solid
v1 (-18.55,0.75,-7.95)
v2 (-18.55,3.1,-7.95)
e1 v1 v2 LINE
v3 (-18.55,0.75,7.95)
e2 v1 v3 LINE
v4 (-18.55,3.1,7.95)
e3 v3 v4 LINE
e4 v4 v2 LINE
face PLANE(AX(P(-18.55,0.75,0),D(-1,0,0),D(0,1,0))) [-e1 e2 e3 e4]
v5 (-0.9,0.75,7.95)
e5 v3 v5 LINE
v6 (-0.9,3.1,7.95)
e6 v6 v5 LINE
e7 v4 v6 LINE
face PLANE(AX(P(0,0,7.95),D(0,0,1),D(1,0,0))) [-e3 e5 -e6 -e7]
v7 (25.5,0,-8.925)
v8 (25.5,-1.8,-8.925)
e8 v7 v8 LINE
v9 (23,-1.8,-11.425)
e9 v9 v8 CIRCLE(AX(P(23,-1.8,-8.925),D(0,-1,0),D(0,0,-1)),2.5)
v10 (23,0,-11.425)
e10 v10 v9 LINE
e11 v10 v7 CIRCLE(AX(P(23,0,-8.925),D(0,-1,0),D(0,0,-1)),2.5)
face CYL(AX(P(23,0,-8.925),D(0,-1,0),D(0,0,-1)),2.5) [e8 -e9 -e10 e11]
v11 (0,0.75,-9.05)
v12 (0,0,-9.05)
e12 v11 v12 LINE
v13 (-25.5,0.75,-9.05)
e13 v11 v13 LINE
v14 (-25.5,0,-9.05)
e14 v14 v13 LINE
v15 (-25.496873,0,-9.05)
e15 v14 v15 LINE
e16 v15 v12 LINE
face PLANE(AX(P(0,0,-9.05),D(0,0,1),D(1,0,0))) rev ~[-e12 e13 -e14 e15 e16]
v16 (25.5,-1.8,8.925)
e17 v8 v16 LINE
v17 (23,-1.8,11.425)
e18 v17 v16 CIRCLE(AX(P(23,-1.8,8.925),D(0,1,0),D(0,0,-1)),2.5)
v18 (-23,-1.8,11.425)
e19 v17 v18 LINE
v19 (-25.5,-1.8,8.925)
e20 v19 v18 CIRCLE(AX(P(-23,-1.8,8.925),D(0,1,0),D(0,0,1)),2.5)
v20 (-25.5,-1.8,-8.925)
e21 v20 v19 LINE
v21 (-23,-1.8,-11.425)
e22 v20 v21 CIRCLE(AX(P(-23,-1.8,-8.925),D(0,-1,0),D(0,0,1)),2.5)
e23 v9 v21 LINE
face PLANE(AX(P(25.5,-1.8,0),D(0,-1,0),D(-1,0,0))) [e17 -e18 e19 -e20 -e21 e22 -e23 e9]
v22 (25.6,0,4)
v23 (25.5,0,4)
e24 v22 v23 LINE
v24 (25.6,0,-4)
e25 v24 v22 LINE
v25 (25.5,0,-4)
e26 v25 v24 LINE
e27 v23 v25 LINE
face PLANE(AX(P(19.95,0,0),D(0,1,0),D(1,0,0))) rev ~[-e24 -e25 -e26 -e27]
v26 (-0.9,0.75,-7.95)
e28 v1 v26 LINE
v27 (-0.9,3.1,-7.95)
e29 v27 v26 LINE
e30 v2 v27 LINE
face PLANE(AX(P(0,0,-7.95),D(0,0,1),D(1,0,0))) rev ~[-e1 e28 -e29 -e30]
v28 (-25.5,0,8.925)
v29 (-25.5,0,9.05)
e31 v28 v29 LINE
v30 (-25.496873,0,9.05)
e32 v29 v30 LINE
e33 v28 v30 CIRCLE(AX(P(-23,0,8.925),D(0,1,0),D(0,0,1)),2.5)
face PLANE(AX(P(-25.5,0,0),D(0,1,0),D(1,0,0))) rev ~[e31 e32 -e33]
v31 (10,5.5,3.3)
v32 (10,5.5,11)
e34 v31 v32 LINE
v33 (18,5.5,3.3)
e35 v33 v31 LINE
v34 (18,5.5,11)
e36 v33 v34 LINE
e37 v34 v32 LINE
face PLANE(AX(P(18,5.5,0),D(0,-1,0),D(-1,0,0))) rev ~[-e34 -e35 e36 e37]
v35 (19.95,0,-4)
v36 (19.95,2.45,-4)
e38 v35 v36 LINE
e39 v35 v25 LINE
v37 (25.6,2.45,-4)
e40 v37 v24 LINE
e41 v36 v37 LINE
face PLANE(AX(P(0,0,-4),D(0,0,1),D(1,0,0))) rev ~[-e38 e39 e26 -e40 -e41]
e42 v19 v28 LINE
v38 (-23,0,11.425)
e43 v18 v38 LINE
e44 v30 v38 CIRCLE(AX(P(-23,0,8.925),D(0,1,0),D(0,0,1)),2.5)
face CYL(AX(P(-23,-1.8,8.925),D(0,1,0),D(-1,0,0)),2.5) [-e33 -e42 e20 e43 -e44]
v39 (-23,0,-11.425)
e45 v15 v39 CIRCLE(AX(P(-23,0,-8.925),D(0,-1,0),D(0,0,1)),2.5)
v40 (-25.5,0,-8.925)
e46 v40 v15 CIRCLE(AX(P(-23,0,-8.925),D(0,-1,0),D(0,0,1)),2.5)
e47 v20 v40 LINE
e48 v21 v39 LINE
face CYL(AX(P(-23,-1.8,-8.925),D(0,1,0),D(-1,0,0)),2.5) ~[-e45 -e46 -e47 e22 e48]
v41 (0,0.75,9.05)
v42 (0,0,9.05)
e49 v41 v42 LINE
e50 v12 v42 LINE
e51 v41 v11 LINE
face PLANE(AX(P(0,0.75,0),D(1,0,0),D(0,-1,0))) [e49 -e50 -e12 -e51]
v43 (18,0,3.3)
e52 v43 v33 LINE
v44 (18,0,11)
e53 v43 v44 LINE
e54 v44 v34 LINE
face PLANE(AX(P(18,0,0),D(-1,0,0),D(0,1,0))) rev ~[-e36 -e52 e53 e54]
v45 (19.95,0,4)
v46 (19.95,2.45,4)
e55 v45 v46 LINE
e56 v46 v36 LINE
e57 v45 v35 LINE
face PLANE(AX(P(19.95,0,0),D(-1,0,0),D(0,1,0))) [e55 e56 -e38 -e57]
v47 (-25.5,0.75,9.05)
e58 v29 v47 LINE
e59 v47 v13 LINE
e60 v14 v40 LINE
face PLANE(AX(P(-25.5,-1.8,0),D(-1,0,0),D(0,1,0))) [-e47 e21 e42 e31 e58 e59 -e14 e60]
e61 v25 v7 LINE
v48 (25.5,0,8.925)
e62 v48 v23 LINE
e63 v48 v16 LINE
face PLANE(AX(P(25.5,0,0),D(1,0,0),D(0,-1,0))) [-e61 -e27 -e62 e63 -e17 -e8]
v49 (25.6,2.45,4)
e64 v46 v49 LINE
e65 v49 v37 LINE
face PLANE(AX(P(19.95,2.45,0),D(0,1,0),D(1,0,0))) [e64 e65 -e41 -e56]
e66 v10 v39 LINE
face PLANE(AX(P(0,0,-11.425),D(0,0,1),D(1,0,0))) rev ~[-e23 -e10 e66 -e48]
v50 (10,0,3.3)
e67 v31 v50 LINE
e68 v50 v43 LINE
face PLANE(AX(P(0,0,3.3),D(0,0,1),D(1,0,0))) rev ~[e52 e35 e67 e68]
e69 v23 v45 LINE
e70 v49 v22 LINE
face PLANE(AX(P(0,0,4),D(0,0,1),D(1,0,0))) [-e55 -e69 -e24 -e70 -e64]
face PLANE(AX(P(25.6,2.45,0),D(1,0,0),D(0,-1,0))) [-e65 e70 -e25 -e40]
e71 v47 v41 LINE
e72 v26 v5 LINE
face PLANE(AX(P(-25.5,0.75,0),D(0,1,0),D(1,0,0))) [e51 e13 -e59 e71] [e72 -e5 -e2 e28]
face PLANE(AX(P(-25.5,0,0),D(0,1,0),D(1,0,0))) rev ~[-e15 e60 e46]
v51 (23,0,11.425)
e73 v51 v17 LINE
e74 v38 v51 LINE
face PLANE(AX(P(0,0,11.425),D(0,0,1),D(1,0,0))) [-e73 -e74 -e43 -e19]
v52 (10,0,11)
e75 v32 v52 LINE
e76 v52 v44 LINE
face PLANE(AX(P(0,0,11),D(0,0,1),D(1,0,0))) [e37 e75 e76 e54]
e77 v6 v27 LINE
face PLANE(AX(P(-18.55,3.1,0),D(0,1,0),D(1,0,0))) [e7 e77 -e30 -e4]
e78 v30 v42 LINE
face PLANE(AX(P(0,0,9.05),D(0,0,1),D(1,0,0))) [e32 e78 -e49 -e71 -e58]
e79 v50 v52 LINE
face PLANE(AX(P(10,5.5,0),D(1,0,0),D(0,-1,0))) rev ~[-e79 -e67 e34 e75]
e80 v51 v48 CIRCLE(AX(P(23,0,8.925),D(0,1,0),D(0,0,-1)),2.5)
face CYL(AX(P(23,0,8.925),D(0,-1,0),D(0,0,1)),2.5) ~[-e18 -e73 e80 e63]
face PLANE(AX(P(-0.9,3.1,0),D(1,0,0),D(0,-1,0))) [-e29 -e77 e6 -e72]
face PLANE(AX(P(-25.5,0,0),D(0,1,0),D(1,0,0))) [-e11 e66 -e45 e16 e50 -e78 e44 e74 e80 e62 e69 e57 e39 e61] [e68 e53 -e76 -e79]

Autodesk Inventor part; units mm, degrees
ref_plane "YZ Plane" through (0, 0, 0) normal (1, 0, 0) x (0, 1, 0)
ref_plane "XZ Plane" through (0, 0, 0) normal (0, 1, 0) x (-1, 0, 0)
ref_plane "XY Plane" through (0, 0, 0) normal (0, 0, 1) x (1, 0, 0)
sketch "ESP32 Feather" plane through (0, 0, 0) normal (0, 0, 1) x (1, 0, 0)
  line L0 (-25.5, 0) -> (25.5, 0)
  line L1 (25.5, 0) -> (25.5, -1.8)
  line L2 (25.5, -1.8) -> (-25.5, -1.8)
  line L3 (-25.5, -1.8) -> (-25.5, 0)
  line L4 (0, 0) -> (-25.5, 0)
  line L5 (-25.5, 0) -> (-25.5, 0.75)
  line L6 (-25.5, 0.75) -> (0, 0.75)
  line L7 (0, 0.75) -> (0, 0)
  line L8 (-0.9, 0.75) -> (-18.55, 0.75)
  line L9 (-18.55, 0.75) -> (-18.55, 3.1)
  line L10 (-18.55, 3.1) -> (-0.9, 3.1)
  line L11 (-0.9, 3.1) -> (-0.9, 0.75)
  line L12 (10, 0) -> (18, 0)
  line L13 (18, 0) -> (18, 5.5)
  line L14 (18, 5.5) -> (10, 5.5)
  line L15 (10, 5.5) -> (10, 0)
  line L16 (25.6, 0) -> (19.95, 0)
  line L17 (19.95, 0) -> (19.95, 2.45)
  line L18 (19.95, 2.45) -> (25.6, 2.45)
  line L19 (25.6, 2.45) -> (25.6, 0)
  point P0 (0, 0)
  point P1 (0, 0)
  point P2 (-18.55, 0.75)
  point P3 (18, 0)
  point P4 (19.95, 0)
  dimension "d0" = 51
  dimension "d1" = 1.8
  dimension "d2" = 0.75
  dimension "d3" = 25.5
  dimension "d4" = 17.65
  dimension "d5" = 2.35
  dimension "d6" = 24.6
  dimension "d7" = 8
  dimension "d8" = 5.5
  dimension "d9" = 15.5
  dimension "d10" = 2.45
  dimension "d11" = 5.65
  dimension "d25" = 0.1
extrude "PCB" add sketch "ESP32 Feather" along normal mid plane 22.85 contours L0 L1 L2 L3
fillet "Fillet1" radius 2.5 4 edges at (-25.5, -0.9, 11.425) (-25.5, -0.9, -11.425) (25.5, -0.9, -11.425) (25.5, -0.9, 11.425)
extrude "ESP32PCB" add sketch "ESP32 Feather" along normal mid plane 18.1 contours L5 L6 L7 L0
extrude "ESP32Shied" add sketch "ESP32 Feather" along normal mid plane 15.9 contours L9 L10 L11 L6
extrude "Battery Connector" add sketch "ESP32 Feather" along normal blind 11 contours L15 L14 L13 L0
extrude "Extrusion5" cut sketch "ESP32 Feather" along normal blind 3.3 contours L15 L14 L13 L0
extrude "Extrusion6" add sketch "ESP32 Feather" along normal mid plane 8 contours L0 L17 L18 L19 L16
equation "\"d28\" = d26"
equation "\"d29\" = d26"
equation "\"PCB_Width\" = 22.95"
equation "\"d26\" = 1"
properties part number "ESP32 Feather"
